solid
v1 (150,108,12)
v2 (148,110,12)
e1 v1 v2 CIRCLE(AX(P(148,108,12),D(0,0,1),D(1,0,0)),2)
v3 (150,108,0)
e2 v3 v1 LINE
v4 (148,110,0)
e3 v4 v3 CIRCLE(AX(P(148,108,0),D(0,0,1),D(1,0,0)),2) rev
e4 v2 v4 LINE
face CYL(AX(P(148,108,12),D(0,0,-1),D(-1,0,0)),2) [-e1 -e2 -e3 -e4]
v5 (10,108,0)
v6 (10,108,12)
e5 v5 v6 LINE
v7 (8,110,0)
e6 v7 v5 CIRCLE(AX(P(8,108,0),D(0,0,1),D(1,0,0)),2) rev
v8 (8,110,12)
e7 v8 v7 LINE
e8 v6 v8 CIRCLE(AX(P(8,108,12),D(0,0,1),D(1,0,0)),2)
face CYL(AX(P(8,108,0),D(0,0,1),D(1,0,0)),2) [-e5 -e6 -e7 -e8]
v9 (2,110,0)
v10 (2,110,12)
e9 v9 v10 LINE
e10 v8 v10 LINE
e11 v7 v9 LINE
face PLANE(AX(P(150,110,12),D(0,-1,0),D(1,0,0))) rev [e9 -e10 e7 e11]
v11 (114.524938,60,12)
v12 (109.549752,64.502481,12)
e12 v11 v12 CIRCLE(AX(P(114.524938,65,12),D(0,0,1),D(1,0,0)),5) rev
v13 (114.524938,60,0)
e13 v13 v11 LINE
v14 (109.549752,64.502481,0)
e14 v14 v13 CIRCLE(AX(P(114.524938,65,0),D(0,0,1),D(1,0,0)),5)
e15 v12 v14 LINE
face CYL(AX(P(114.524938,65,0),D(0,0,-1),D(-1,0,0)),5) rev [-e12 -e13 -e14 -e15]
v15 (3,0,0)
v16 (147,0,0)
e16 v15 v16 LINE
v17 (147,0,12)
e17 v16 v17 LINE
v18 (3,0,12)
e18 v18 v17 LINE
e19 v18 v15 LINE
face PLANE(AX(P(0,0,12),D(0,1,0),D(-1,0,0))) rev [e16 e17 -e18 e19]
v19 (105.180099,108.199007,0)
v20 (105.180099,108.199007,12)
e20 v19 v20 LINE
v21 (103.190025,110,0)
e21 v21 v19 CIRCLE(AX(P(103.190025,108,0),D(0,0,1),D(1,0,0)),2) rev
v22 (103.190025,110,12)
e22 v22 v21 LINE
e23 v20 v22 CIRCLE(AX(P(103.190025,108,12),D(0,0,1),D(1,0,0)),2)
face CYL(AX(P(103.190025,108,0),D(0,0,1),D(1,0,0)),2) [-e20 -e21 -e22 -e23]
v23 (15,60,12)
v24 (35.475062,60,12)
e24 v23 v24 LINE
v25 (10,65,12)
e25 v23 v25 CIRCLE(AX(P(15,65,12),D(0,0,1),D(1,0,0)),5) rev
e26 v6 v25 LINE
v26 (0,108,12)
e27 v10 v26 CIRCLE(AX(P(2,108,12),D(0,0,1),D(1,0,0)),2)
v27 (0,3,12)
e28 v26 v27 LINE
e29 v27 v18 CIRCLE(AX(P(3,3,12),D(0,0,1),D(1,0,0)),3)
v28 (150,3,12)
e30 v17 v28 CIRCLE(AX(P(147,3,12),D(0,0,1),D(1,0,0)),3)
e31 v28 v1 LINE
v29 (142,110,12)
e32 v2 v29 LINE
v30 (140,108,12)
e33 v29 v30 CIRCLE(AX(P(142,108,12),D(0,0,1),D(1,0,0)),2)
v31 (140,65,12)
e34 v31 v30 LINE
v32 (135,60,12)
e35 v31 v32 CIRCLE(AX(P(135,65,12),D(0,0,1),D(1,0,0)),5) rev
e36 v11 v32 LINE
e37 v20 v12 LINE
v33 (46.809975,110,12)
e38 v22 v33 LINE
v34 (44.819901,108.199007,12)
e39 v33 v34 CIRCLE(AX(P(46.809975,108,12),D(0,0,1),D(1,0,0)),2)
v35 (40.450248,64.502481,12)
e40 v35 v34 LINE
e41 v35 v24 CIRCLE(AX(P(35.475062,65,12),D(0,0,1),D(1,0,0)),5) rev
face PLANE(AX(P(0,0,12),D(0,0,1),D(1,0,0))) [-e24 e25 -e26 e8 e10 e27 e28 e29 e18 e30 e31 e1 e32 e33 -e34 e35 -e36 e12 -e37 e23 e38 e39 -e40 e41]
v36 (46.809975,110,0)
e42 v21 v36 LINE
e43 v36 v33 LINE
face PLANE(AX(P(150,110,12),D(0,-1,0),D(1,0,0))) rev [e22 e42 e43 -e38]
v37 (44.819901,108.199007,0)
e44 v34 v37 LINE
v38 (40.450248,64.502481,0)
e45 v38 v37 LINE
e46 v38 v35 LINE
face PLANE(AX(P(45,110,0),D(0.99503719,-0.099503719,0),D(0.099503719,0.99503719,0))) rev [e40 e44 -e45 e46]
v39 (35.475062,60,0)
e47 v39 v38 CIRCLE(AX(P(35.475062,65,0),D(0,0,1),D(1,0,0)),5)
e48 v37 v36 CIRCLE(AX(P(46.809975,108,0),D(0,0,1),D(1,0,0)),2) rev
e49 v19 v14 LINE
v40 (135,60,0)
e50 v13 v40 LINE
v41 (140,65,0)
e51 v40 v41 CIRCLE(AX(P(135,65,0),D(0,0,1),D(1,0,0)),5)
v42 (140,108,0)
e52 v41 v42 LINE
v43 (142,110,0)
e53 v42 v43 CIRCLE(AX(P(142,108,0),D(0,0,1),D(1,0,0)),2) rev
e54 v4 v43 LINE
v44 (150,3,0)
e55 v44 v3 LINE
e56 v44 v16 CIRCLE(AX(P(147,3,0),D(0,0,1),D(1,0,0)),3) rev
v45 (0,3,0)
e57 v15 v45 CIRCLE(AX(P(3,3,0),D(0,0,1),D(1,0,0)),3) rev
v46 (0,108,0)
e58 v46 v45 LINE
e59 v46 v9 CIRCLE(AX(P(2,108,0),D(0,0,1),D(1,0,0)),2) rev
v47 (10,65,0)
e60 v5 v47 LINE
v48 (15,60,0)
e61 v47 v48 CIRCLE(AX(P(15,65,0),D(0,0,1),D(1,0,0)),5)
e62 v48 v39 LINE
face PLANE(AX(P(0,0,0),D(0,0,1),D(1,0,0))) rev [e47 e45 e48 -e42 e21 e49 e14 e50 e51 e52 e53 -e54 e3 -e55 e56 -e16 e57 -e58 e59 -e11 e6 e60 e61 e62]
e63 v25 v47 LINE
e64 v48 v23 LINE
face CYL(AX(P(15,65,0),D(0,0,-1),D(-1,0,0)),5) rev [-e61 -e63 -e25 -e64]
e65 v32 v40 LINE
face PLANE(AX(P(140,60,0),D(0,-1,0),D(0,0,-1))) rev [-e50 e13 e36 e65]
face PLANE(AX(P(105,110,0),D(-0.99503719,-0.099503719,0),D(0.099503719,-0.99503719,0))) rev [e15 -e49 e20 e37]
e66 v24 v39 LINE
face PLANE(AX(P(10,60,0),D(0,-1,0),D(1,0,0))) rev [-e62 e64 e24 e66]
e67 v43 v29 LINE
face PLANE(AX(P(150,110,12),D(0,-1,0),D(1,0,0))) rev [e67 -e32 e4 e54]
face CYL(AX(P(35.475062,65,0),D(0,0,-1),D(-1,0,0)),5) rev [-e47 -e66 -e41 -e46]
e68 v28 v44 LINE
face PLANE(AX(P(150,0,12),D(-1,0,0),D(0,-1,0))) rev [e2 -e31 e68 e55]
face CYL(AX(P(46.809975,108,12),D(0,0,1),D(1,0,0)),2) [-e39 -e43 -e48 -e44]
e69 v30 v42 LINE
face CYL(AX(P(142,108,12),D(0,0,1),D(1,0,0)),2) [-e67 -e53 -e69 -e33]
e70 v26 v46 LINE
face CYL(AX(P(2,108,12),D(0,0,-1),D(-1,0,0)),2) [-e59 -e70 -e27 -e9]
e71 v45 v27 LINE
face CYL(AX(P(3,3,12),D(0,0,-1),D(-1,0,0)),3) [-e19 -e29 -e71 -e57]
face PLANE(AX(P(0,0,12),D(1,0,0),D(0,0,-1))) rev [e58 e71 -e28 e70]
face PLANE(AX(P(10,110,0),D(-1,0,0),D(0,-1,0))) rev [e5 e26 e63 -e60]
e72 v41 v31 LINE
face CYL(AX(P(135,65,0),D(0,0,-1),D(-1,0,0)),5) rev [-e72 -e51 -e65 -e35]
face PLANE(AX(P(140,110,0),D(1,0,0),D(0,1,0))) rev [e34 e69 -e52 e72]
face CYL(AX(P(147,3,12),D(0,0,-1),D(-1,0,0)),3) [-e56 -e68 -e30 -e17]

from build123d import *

# Parameters (mm, degrees)
ESQUISSE1_W                  = 150
ESQUISSE1_H                  = 110
BOSS_EXTRU_1_DEPTH           = 12
ENL_V_MAT_EXTRU_1_DEPTH      = 187.397424875
ENL_V_MAT_EXTRU_1_DEPTH_BACK = 187.397424875
CONG_1_R                     = 5
CONG_2_R                     = 2
CONG_3_R                     = 3


with BuildPart() as part:
    # Esquisse1 → Boss.-Extru.1 (new body)
    with BuildSketch(Plane.XY):
        with Locations((75, 55)):
            Rectangle(ESQUISSE1_W, ESQUISSE1_H)
    extrude(amount=BOSS_EXTRU_1_DEPTH)

    # Esquisse2 → Enlèv. mat.-Extru.1 (cut, two sides: drawn at the far end of the back side and taken through both)
    with BuildSketch(Plane.XY.offset(12).offset(-ENL_V_MAT_EXTRU_1_DEPTH_BACK)):
        Polygon((105, 110), (110, 60), (140, 60), (140, 110), align=None)
        Polygon((10, 110), (45, 110), (40, 60), (10, 60), align=None)
    extrude(amount=ENL_V_MAT_EXTRU_1_DEPTH + ENL_V_MAT_EXTRU_1_DEPTH_BACK, mode=Mode.SUBTRACT)

    # Congé1
    cong_1_edges = [part.edges().sort_by_distance(p)[0] for p in [
        (10, 60, 6),
        (40, 60, 6),
        (140, 60, 6),
        (110, 60, 6),
    ]]
    fillet(cong_1_edges, radius=CONG_1_R)

    # Congé2
    cong_2_edges = [part.edges().sort_by_distance(p)[0] for p in [
        (10, 110, 6),
        (45, 110, 6),
        (105, 110, 6),
        (140, 110, 6),
        (0, 110, 6),
        (150, 110, 6),
    ]]
    fillet(cong_2_edges, radius=CONG_2_R)

    # Congé3
    cong_3_edges = [part.edges().sort_by_distance(p)[0] for p in [
        (150, 0, 6),
        (0, 0, 6),
    ]]
    fillet(cong_3_edges, radius=CONG_3_R)


solid = part.part
